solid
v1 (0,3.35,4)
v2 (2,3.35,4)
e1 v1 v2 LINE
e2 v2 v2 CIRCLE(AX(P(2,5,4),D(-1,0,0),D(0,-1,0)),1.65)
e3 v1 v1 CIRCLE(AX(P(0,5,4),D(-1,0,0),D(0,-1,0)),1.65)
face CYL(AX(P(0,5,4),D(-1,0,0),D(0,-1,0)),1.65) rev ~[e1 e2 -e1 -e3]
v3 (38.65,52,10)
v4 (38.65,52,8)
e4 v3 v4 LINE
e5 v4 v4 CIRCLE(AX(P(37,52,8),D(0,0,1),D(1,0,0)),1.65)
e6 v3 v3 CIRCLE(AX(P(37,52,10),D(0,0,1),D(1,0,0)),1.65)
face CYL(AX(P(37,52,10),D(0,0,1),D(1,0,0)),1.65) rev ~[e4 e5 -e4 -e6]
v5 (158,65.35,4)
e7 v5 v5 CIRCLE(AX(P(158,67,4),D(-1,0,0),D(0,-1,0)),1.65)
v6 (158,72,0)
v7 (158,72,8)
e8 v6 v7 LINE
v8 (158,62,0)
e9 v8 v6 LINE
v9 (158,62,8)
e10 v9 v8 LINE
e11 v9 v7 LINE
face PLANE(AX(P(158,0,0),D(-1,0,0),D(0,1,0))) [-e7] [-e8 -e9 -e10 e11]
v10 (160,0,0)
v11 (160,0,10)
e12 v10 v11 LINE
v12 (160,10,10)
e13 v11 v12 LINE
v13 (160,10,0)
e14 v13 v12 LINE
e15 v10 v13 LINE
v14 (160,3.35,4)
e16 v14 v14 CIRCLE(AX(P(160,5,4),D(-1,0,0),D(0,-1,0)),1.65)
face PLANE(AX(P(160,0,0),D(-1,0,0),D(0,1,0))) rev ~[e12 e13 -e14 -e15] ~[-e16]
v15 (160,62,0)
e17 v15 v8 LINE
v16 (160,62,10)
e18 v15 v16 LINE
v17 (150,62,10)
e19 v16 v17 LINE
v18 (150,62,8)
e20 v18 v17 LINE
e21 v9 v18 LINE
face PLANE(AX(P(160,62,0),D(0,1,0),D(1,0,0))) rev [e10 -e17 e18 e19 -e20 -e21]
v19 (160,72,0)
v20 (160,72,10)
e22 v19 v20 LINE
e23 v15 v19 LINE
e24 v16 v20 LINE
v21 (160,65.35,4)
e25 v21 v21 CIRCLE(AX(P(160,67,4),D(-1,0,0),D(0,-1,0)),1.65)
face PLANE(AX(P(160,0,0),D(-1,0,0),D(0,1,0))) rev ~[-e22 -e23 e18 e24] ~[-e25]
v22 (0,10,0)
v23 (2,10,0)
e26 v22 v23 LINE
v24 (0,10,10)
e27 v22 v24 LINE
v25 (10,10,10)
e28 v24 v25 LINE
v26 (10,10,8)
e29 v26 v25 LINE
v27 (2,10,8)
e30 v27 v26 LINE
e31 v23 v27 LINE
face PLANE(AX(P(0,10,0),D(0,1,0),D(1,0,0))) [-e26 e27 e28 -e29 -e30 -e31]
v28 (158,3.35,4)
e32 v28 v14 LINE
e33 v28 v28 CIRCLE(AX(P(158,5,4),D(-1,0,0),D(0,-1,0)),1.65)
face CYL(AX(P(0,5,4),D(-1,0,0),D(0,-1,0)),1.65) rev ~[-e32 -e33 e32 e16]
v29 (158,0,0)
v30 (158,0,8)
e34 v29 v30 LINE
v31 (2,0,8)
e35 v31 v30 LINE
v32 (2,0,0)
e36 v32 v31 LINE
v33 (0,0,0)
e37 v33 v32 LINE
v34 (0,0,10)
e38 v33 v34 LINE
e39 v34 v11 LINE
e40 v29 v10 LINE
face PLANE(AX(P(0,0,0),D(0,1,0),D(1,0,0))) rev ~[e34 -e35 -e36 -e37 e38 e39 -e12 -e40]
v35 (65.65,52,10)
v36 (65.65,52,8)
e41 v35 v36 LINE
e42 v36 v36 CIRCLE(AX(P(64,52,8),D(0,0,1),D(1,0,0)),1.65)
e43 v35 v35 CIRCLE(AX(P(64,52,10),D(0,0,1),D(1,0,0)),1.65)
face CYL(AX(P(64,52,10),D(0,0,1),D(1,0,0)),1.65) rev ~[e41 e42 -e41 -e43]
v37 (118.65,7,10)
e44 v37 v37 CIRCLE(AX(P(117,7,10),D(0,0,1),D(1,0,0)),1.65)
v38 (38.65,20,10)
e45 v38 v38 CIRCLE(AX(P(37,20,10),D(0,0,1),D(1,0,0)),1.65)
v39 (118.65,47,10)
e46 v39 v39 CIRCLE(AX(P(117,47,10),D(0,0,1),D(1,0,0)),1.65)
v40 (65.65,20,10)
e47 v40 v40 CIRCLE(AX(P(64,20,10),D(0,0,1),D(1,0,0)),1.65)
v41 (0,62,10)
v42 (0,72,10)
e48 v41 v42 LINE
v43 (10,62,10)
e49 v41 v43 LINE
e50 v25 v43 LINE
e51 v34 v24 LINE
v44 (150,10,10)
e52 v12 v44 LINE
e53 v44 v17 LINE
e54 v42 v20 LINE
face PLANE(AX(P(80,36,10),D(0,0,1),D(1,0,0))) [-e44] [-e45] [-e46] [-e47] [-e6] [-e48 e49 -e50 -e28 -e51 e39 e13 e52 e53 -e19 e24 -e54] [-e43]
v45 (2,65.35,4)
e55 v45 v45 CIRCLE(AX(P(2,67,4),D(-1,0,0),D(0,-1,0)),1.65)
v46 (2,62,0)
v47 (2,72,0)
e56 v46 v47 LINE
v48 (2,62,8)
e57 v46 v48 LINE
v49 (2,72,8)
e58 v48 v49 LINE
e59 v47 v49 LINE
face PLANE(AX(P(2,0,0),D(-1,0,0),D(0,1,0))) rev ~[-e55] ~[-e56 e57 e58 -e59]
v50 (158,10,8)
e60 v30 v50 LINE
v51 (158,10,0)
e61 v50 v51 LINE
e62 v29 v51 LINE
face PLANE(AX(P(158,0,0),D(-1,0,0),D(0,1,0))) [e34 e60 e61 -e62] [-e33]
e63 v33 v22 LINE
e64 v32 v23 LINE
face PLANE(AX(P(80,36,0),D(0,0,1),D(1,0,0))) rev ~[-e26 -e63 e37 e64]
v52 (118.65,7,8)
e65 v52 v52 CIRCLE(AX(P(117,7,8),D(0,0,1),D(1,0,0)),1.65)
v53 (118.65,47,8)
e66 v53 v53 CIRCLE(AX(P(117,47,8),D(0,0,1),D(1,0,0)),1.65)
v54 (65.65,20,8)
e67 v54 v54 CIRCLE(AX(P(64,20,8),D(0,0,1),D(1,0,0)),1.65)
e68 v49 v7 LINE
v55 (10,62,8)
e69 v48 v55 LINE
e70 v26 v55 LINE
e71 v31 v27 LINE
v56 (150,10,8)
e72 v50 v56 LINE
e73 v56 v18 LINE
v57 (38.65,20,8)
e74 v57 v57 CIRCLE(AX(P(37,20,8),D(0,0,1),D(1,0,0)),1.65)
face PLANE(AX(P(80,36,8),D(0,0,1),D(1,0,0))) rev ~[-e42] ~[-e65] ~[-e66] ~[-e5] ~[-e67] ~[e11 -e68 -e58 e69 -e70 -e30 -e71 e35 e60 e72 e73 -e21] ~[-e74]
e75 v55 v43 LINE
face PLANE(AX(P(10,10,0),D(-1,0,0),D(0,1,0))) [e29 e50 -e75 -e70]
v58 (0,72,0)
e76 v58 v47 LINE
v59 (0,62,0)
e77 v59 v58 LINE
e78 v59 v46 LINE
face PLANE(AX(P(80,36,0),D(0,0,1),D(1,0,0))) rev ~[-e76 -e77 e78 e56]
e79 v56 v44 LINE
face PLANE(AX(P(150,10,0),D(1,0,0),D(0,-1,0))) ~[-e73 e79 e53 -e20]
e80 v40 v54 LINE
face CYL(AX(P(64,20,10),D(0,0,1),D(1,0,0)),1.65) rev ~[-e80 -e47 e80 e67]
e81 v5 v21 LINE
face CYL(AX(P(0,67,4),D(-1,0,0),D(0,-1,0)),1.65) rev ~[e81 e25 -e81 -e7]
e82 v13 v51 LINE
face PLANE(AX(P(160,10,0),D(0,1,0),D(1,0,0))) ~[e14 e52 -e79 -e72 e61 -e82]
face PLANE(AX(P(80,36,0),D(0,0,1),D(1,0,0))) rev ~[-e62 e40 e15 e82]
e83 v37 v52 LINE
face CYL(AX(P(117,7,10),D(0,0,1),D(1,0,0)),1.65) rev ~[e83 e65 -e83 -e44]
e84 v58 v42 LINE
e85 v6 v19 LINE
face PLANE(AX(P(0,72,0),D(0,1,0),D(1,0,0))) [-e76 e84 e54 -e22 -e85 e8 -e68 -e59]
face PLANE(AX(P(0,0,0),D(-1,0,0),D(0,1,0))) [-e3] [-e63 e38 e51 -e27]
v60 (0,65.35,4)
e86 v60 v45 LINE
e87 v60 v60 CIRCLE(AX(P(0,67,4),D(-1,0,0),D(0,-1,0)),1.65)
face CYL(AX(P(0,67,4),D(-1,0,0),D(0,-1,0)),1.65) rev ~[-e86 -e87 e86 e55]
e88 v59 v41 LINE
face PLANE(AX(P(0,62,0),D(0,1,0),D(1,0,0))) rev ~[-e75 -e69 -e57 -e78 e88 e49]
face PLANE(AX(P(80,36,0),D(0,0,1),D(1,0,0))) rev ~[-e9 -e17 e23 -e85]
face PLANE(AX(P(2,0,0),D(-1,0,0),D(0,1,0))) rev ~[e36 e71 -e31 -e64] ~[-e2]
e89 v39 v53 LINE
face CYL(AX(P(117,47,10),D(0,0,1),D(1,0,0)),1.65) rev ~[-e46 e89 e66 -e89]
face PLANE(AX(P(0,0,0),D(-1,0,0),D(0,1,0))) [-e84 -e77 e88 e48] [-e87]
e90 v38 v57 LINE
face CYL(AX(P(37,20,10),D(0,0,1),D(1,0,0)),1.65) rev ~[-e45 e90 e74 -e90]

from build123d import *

# Parameters (mm, degrees)
BOX002_W      = 156
BOX002_H      = 72
BOX002_DEPTH  = 8
BOX001_W      = 10
BOX001_H      = 52
BOX001_DEPTH  = 10
BOX_W         = 160
BOX_H         = 72
BOX_DEPTH     = 10
SKETCH_R      = 1.65
HOLE_DEPTH    = 160.001
SKETCH001_R   = 1.65
HOLE001_DEPTH = 10.001


with BuildPart() as w_rfel002:
    # Box002 → Box002 (new body)
    with BuildSketch(Plane(origin=(2, 0, 0), x_dir=(1, 0, 0), z_dir=(0, 0, 1))):
        with Locations((78, 36)):
            Rectangle(BOX002_W, BOX002_H)
    extrude(amount=BOX002_DEPTH)


with BuildPart() as w_rfel001:
    # Box001 → Box001 (new body)
    with BuildSketch(Plane(origin=(0, 10, 0), x_dir=(1, 0, 0), z_dir=(0, 0, 1))):
        with Locations((5, 26)):
            Rectangle(BOX001_W, BOX001_H)
    extrude(amount=BOX001_DEPTH)


with BuildPart() as part_mirroring:
    # Part__Mirroring: instance of Würfel001
    add(w_rfel001.part.mirror(Plane(origin=(80, 0, 0), x_dir=(0, -1, 0), z_dir=(1, 0, 0))))


with BuildPart() as body:
    # Box → Box (new body)
    with BuildSketch(Plane.XY):
        with Locations((80, 36)):
            Rectangle(BOX_W, BOX_H)
    extrude(amount=BOX_DEPTH)

    # Cut: cut Würfel001
    add(w_rfel001.part, mode=Mode.SUBTRACT)

    # Cut001: cut Part__Mirroring
    add(part_mirroring.part, mode=Mode.SUBTRACT)

    # Cut002: cut Würfel002
    add(w_rfel002.part, mode=Mode.SUBTRACT)

    # Sketch (on Face1 of BaseFeature) → Hole (cut, through all)
    with BuildSketch(Plane(origin=(0, 0, 0), x_dir=(0, -1, 0), z_dir=(-1, 0, 0))):
        with Locations((-5, 4)):
            Circle(SKETCH_R)
        with Locations((-67, 4)):
            Circle(SKETCH_R)
    extrude(amount=-HOLE_DEPTH, mode=Mode.SUBTRACT)

    # Sketch001 (on Face2 of Hole) → Hole001 (cut, through all)
    with BuildSketch(Plane.XY.offset(10)):
        with Locations((37, 20)):
            Circle(SKETCH001_R)
        with Locations((37, 52)):
            Circle(SKETCH001_R)
        with Locations((64, 52)):
            Circle(SKETCH001_R)
        with Locations((64, 20)):
            Circle(SKETCH001_R)
        with Locations((117, 47)):
            Circle(SKETCH001_R)
        with Locations((117, 7)):
            Circle(SKETCH001_R)
    extrude(amount=-HOLE001_DEPTH, mode=Mode.SUBTRACT)


solid = body.part
